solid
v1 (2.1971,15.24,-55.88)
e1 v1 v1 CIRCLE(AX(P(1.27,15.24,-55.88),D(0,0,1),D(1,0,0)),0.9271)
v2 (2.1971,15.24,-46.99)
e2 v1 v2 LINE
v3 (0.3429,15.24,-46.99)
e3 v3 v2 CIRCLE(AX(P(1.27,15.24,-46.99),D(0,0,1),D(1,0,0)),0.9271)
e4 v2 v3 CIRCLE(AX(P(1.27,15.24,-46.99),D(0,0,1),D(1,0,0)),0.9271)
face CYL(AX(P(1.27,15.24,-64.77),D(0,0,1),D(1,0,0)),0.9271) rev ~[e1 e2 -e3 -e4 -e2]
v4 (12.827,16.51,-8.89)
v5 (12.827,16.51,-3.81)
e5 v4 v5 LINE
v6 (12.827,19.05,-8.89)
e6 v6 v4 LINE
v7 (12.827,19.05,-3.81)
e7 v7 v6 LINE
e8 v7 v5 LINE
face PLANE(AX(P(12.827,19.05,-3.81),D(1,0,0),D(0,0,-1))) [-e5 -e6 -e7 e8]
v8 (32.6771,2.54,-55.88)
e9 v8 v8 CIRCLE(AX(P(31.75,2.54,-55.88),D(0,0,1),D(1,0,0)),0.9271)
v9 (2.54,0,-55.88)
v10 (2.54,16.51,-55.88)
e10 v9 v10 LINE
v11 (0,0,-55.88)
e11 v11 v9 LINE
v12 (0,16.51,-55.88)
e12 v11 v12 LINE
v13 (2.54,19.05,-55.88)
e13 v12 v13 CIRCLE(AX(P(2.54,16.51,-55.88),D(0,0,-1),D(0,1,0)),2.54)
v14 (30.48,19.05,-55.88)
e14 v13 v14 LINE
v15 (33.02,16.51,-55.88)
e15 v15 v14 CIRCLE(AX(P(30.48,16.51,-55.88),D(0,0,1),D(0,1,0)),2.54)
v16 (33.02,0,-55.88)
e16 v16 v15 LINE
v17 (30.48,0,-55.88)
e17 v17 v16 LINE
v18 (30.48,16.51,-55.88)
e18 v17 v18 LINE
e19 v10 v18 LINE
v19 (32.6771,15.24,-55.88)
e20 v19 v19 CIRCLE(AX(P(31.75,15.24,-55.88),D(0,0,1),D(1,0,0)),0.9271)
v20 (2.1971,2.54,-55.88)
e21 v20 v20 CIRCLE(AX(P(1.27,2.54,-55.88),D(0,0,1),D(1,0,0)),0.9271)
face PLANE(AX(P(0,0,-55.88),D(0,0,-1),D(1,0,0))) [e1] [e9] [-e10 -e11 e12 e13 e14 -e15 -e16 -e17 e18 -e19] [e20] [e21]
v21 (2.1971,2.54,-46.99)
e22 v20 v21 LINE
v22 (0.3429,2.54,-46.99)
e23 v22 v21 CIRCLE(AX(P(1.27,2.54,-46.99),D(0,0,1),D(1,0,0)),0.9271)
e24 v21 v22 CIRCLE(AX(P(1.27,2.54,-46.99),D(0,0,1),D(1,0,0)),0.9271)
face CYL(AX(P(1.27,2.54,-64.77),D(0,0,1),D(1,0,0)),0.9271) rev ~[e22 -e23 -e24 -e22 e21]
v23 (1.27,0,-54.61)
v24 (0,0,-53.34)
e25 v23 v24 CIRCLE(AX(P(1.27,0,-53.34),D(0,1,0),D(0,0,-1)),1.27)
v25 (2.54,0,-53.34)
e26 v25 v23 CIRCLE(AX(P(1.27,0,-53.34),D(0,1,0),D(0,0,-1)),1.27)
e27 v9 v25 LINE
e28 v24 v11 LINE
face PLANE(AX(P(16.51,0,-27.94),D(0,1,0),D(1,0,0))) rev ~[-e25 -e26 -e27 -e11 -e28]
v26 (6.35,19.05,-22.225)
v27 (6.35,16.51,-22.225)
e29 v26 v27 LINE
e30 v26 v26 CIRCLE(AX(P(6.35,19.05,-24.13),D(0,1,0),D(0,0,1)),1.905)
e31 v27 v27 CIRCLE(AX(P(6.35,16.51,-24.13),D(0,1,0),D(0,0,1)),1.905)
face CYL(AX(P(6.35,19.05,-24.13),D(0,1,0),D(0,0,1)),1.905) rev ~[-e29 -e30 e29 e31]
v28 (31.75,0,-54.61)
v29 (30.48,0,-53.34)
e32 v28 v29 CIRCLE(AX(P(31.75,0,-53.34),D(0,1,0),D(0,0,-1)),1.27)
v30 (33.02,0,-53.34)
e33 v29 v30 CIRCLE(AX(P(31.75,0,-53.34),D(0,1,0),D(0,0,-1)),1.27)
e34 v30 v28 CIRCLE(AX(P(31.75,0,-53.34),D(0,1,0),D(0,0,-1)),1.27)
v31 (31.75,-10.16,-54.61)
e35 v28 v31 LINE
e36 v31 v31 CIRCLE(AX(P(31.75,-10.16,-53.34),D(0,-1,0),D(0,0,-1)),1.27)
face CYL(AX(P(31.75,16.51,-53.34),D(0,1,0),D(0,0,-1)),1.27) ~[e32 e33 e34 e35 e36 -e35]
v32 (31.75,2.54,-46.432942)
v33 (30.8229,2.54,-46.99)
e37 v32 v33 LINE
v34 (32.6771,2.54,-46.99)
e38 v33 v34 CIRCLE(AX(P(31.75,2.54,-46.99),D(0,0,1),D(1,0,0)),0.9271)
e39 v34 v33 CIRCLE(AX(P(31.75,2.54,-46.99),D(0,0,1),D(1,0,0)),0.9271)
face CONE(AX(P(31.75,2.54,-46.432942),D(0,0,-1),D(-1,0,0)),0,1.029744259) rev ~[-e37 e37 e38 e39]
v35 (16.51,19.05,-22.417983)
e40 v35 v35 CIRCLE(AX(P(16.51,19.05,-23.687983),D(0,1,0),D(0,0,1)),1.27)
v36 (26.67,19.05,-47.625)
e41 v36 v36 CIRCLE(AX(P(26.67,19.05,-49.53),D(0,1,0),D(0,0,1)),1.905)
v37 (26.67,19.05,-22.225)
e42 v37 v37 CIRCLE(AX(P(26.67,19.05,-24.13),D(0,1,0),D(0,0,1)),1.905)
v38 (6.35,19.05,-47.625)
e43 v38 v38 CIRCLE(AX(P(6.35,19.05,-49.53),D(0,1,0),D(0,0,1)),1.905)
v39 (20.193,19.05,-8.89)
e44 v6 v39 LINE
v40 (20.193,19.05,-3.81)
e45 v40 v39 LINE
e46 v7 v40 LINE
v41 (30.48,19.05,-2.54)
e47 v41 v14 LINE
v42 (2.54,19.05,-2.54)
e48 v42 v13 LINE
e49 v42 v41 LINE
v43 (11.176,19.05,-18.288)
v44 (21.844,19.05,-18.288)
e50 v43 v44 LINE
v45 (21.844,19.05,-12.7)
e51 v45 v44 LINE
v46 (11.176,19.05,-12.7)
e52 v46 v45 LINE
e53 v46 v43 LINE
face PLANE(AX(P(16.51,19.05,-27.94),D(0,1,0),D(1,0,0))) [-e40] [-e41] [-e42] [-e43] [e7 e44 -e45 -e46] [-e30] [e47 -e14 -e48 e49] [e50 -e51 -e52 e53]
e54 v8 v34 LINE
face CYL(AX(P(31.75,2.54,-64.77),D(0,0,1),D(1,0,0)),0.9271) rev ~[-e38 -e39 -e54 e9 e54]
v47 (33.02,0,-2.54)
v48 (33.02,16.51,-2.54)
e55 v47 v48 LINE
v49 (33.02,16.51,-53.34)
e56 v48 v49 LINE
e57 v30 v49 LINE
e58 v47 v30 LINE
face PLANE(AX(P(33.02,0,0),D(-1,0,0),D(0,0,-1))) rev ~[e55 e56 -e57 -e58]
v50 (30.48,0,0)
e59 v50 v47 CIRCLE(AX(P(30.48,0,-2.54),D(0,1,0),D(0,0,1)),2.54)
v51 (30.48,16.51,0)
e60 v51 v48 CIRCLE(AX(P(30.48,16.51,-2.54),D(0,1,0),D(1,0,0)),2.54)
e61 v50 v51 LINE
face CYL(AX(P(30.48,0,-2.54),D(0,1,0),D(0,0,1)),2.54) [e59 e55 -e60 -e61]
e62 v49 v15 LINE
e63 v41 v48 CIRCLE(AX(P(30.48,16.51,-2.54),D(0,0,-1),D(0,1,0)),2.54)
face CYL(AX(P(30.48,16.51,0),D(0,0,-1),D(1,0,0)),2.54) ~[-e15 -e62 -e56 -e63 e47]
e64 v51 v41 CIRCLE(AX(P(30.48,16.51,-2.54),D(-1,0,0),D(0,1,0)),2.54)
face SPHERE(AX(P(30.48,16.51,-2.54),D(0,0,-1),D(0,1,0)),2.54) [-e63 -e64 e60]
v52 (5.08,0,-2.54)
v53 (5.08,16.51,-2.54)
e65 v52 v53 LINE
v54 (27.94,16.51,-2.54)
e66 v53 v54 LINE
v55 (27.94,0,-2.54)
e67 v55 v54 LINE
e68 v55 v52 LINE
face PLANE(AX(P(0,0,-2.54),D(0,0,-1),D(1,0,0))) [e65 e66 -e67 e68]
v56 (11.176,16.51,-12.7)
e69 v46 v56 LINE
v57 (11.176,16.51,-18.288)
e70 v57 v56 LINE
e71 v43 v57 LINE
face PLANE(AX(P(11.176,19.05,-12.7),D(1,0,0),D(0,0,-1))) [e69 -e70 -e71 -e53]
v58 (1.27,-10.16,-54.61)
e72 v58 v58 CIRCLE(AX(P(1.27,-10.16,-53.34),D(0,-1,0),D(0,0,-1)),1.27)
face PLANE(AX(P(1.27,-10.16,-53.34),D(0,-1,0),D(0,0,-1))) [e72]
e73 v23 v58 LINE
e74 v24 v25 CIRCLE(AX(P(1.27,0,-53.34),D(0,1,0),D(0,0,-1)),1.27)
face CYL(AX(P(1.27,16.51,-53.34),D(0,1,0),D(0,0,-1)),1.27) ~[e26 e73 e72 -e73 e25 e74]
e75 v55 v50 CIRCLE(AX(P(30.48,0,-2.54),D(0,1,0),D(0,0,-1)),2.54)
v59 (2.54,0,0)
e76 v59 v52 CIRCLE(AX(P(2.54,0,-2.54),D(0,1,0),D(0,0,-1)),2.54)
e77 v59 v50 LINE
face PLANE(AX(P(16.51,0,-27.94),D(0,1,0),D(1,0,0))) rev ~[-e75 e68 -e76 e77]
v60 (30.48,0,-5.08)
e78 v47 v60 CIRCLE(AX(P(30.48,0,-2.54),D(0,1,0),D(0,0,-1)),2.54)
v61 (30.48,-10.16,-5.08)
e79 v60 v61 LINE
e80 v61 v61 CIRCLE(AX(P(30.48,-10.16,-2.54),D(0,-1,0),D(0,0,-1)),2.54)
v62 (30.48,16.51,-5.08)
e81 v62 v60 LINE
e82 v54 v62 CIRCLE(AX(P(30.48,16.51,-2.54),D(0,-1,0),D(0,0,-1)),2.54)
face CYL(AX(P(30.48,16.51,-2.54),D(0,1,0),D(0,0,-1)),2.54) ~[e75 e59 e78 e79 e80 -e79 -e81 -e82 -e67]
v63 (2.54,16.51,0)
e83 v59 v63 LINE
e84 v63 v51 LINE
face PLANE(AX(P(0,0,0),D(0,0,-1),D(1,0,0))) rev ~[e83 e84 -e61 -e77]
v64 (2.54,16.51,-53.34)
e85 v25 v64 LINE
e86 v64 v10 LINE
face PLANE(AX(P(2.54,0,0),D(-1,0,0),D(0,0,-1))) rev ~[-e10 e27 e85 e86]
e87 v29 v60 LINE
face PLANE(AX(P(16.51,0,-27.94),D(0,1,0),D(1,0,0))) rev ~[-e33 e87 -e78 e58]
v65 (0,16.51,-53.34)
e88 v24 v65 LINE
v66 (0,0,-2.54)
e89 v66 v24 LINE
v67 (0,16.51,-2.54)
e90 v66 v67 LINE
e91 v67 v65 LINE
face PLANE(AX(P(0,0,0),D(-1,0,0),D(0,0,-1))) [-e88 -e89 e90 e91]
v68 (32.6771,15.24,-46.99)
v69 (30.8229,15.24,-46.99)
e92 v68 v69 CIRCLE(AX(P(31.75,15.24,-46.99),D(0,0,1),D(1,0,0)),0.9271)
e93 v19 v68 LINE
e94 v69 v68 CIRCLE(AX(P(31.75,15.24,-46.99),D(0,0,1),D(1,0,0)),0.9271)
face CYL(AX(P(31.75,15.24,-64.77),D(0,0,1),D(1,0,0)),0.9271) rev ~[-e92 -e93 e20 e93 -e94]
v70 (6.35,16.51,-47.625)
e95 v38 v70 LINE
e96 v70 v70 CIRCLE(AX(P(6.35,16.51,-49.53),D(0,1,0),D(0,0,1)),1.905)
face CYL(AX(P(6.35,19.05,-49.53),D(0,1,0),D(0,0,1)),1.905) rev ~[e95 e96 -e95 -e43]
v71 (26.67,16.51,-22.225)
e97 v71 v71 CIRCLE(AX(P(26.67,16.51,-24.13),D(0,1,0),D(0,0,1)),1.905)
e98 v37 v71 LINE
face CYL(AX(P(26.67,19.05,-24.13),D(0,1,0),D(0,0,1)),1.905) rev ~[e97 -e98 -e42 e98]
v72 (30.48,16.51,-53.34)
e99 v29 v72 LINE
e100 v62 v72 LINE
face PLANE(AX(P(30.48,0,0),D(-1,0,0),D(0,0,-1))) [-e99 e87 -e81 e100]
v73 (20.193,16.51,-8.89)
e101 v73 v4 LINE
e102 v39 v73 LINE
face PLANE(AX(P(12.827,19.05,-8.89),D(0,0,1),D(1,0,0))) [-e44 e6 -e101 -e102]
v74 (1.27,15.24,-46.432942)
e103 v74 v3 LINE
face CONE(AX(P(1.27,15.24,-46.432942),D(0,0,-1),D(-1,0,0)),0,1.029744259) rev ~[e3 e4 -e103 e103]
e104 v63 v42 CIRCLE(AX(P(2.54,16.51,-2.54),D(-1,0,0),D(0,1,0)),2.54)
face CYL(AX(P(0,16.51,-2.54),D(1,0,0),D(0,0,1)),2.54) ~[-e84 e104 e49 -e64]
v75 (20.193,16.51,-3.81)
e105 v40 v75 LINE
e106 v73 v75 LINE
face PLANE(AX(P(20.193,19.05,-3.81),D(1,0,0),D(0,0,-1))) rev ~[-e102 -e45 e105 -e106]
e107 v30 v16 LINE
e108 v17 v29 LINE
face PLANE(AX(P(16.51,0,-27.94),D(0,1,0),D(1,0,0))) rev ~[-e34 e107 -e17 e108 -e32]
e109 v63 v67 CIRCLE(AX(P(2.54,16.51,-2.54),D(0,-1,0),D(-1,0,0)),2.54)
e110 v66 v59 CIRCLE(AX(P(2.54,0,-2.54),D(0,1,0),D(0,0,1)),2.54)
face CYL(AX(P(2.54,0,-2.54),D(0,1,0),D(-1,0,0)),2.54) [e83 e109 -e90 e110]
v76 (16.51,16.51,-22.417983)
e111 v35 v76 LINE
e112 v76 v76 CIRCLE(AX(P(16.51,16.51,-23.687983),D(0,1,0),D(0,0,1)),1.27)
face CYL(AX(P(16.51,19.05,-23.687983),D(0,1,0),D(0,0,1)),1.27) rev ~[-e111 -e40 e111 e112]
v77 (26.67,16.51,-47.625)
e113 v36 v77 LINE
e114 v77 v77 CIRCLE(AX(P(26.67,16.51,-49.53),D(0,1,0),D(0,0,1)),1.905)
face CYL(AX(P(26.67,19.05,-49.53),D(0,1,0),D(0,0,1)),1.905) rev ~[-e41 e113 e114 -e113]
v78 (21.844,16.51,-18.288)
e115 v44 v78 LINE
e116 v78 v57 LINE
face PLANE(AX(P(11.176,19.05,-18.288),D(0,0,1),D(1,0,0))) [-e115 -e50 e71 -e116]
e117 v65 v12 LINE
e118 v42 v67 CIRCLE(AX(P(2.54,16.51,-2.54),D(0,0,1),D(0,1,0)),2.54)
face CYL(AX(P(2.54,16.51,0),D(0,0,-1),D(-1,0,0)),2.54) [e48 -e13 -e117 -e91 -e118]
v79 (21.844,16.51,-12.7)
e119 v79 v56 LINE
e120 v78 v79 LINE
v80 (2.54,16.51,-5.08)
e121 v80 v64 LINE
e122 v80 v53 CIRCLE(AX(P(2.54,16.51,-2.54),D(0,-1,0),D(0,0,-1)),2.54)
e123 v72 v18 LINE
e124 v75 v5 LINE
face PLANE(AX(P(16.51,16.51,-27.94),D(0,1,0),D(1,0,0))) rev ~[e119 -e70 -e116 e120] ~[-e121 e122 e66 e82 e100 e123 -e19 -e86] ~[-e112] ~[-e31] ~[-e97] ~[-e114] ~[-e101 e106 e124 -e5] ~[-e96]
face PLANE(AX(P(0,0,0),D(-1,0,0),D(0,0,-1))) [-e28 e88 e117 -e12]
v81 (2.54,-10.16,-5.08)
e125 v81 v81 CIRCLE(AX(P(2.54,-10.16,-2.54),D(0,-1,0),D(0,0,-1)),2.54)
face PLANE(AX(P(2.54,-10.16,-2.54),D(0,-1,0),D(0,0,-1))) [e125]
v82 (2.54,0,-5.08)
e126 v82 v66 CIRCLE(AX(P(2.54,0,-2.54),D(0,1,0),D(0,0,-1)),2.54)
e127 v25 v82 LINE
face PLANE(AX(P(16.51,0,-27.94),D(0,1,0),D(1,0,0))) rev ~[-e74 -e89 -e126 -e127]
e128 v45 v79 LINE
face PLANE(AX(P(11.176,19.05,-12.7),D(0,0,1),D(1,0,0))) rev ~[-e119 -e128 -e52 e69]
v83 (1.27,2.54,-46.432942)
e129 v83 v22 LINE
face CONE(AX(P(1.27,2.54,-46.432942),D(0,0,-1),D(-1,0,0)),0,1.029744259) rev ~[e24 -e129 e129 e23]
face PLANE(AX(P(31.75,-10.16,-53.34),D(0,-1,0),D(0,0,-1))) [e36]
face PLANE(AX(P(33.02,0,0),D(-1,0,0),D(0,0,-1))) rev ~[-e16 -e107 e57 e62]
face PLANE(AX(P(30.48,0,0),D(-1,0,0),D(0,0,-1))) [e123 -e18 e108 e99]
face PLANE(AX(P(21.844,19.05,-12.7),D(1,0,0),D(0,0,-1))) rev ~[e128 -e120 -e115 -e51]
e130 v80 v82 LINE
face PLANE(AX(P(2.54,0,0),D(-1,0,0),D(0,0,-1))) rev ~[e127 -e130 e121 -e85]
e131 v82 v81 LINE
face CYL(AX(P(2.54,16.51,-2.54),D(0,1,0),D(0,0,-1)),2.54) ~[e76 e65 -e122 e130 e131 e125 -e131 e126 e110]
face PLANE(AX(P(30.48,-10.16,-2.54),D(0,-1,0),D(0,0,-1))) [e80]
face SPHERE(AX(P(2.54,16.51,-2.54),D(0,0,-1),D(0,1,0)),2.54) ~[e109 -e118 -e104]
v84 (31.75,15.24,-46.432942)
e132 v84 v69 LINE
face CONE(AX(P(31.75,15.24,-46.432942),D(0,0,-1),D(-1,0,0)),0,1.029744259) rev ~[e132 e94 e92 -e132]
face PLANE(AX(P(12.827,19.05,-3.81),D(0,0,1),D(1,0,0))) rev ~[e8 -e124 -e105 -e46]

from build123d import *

# Parameters (mm, degrees)
SKETCH1_W                       = 33.02
SKETCH1_H                       = 55.88
BOSS_EXTRUDE1_DEPTH             = 19.05
SHELL2_T                        = -2.54
FILLET2_R                       = 2.54
SKETCH2_R                       = 1.905
CUT_EXTRUDE1_DEPTH              = 2.54
CUT_EXTRUDE2_REACH              = 69.645
SKETCH3_W                       = 10.668
SKETCH3_H                       = 5.588
CUT_EXTRUDE3_REACH              = 69.645
SKETCH4_R                       = 1.27
CUT_EXTRUDE4_REACH              = 69.645
SKETCH5_W                       = 7.366
SKETCH5_H                       = 5.08
BOSS_EXTRUDE2_START             = -16.51
SKETCH6_R                       = 2.54
SKETCH6_R_2                     = 1.27
BOSS_EXTRUDE2_DEPTH             = 26.67
F_49_0_073_DIAMETER_HOLE1_D     = 1.8542
F_49_0_073_DIAMETER_HOLE1_DEPTH = 8.89
F_49_0_073_DIAMETER_HOLE1_TIP   = 0.55705788


with BuildPart() as part:
    # Sketch1 → Boss-Extrude1 (new body)
    with BuildSketch(Plane(origin=(0, 0, 0), x_dir=(1, 0, 0), z_dir=(0, 1, 0))):
        with Locations((16.51, 27.94)):
            Rectangle(SKETCH1_W, SKETCH1_H)
    extrude(amount=BOSS_EXTRUDE1_DEPTH)

    # Shell2
    shell2_openings = [part.faces().sort_by_distance(p)[0] for p in [
        (16.51, 0, -27.94),
        (16.51, 9.525, -55.88),
    ]]
    offset(amount=SHELL2_T, openings=shell2_openings, kind=Kind.INTERSECTION)

    # Fillet2
    fillet2_edges = [part.edges().sort_by_distance(p)[0] for p in [
        (33.02, 19.05, -27.94),
        (0, 19.05, -27.94),
        (16.51, 19.05, 0),
        (33.02, 9.525, 0),
        (0, 9.525, 0),
    ]]
    fillet(fillet2_edges, radius=FILLET2_R)

    # Sketch2 → Cut-Extrude1 (cut)
    with BuildSketch(Plane(origin=(0, 19.05, 0), x_dir=(1, 0, 0), z_dir=(0, 1, 0))):
        with Locations(Location((26.67, 49.53, 0), (0, 0, 270))):
            Circle(SKETCH2_R)
        with Locations(Location((26.67, 24.13, 0), (0, 0, 270))):
            Circle(SKETCH2_R)
        with Locations(Location((6.35, 24.13, 0), (0, 0, 270))):
            Circle(SKETCH2_R)
        with Locations(Location((6.35, 49.53, 0), (0, 0, 270))):
            Circle(SKETCH2_R)
    extrude(amount=-CUT_EXTRUDE1_DEPTH, mode=Mode.SUBTRACT)

    # Sketch3 → Cut-Extrude2 (cut, up to next)
    with BuildSketch(Plane(origin=(0, 19.05, 0), x_dir=(1, 0, 0), z_dir=(0, 1, 0)), mode=Mode.PRIVATE) as cut_extrude2_sk1:
        with Locations((16.51, 15.494)):
            Rectangle(SKETCH3_W, SKETCH3_H)
    cut_extrude2_tool1 = extrude(cut_extrude2_sk1.sketch, amount=-CUT_EXTRUDE2_REACH, mode=Mode.PRIVATE) & part.part
    add(cut_extrude2_tool1.solids().sort_by_distance((16.51, 19.05, -15.494))[0], mode=Mode.SUBTRACT)

    # Sketch4 → Cut-Extrude3 (cut, up to next)
    with BuildSketch(Plane(origin=(0, 19.05, 0), x_dir=(1, 0, 0), z_dir=(0, 1, 0)), mode=Mode.PRIVATE) as cut_extrude3_sk1:
        with Locations(Location((16.51, 23.687982585, 0), (0, 0, 270))):
            Circle(SKETCH4_R)
    cut_extrude3_tool1 = extrude(cut_extrude3_sk1.sketch, amount=-CUT_EXTRUDE3_REACH, mode=Mode.PRIVATE) & part.part
    add(cut_extrude3_tool1.solids().sort_by_distance((16.51, 19.05, -23.687983))[0], mode=Mode.SUBTRACT)

    # Sketch5 → Cut-Extrude4 (cut, up to next)
    with BuildSketch(Plane(origin=(0, 19.05, 0), x_dir=(1, 0, 0), z_dir=(0, 1, 0)), mode=Mode.PRIVATE) as cut_extrude4_sk1:
        with Locations((16.51, 6.35)):
            Rectangle(SKETCH5_W, SKETCH5_H)
    cut_extrude4_tool1 = extrude(cut_extrude4_sk1.sketch, amount=-CUT_EXTRUDE4_REACH, mode=Mode.PRIVATE) & part.part
    add(cut_extrude4_tool1.solids().sort_by_distance((16.51, 19.05, -6.35))[0], mode=Mode.SUBTRACT)

    # Sketch6 → Boss-Extrude2 (add)
    with BuildSketch(Plane(origin=(0, 0, 0), x_dir=(-1, 0, 0), z_dir=(0, -1, 0)).offset(BOSS_EXTRUDE2_START)):
        with Locations(Location((-30.48, 2.54, 0), (0, 0, 90))):
            Circle(SKETCH6_R)
        with Locations(Location((-2.54, 2.54, 0), (0, 0, 90))):
            Circle(SKETCH6_R)
        with Locations(Location((-31.75, 53.34, 0), (0, 0, 90))):
            Circle(SKETCH6_R_2)
        with Locations(Location((-1.27, 53.34, 0), (0, 0, 90))):
            Circle(SKETCH6_R_2)
    extrude(amount=BOSS_EXTRUDE2_DEPTH)

    # #49 (0.073) Diameter Hole1
    with Locations(Plane(origin=(0, 0, -55.88), x_dir=(-1, 0, 0), z_dir=(0, 0, -1))):
        with Locations((-31.75, 15.24), (-31.75, 2.54), (-1.27, 2.54), (-1.27, 15.24)):
            Hole(F_49_0_073_DIAMETER_HOLE1_D / 2, depth=F_49_0_073_DIAMETER_HOLE1_DEPTH)
            with Locations((0, 0, -(F_49_0_073_DIAMETER_HOLE1_DEPTH + F_49_0_073_DIAMETER_HOLE1_TIP / 2))):  # 118° drill point
                Cone(0, F_49_0_073_DIAMETER_HOLE1_D / 2, F_49_0_073_DIAMETER_HOLE1_TIP, mode=Mode.SUBTRACT)


solid = part.part
